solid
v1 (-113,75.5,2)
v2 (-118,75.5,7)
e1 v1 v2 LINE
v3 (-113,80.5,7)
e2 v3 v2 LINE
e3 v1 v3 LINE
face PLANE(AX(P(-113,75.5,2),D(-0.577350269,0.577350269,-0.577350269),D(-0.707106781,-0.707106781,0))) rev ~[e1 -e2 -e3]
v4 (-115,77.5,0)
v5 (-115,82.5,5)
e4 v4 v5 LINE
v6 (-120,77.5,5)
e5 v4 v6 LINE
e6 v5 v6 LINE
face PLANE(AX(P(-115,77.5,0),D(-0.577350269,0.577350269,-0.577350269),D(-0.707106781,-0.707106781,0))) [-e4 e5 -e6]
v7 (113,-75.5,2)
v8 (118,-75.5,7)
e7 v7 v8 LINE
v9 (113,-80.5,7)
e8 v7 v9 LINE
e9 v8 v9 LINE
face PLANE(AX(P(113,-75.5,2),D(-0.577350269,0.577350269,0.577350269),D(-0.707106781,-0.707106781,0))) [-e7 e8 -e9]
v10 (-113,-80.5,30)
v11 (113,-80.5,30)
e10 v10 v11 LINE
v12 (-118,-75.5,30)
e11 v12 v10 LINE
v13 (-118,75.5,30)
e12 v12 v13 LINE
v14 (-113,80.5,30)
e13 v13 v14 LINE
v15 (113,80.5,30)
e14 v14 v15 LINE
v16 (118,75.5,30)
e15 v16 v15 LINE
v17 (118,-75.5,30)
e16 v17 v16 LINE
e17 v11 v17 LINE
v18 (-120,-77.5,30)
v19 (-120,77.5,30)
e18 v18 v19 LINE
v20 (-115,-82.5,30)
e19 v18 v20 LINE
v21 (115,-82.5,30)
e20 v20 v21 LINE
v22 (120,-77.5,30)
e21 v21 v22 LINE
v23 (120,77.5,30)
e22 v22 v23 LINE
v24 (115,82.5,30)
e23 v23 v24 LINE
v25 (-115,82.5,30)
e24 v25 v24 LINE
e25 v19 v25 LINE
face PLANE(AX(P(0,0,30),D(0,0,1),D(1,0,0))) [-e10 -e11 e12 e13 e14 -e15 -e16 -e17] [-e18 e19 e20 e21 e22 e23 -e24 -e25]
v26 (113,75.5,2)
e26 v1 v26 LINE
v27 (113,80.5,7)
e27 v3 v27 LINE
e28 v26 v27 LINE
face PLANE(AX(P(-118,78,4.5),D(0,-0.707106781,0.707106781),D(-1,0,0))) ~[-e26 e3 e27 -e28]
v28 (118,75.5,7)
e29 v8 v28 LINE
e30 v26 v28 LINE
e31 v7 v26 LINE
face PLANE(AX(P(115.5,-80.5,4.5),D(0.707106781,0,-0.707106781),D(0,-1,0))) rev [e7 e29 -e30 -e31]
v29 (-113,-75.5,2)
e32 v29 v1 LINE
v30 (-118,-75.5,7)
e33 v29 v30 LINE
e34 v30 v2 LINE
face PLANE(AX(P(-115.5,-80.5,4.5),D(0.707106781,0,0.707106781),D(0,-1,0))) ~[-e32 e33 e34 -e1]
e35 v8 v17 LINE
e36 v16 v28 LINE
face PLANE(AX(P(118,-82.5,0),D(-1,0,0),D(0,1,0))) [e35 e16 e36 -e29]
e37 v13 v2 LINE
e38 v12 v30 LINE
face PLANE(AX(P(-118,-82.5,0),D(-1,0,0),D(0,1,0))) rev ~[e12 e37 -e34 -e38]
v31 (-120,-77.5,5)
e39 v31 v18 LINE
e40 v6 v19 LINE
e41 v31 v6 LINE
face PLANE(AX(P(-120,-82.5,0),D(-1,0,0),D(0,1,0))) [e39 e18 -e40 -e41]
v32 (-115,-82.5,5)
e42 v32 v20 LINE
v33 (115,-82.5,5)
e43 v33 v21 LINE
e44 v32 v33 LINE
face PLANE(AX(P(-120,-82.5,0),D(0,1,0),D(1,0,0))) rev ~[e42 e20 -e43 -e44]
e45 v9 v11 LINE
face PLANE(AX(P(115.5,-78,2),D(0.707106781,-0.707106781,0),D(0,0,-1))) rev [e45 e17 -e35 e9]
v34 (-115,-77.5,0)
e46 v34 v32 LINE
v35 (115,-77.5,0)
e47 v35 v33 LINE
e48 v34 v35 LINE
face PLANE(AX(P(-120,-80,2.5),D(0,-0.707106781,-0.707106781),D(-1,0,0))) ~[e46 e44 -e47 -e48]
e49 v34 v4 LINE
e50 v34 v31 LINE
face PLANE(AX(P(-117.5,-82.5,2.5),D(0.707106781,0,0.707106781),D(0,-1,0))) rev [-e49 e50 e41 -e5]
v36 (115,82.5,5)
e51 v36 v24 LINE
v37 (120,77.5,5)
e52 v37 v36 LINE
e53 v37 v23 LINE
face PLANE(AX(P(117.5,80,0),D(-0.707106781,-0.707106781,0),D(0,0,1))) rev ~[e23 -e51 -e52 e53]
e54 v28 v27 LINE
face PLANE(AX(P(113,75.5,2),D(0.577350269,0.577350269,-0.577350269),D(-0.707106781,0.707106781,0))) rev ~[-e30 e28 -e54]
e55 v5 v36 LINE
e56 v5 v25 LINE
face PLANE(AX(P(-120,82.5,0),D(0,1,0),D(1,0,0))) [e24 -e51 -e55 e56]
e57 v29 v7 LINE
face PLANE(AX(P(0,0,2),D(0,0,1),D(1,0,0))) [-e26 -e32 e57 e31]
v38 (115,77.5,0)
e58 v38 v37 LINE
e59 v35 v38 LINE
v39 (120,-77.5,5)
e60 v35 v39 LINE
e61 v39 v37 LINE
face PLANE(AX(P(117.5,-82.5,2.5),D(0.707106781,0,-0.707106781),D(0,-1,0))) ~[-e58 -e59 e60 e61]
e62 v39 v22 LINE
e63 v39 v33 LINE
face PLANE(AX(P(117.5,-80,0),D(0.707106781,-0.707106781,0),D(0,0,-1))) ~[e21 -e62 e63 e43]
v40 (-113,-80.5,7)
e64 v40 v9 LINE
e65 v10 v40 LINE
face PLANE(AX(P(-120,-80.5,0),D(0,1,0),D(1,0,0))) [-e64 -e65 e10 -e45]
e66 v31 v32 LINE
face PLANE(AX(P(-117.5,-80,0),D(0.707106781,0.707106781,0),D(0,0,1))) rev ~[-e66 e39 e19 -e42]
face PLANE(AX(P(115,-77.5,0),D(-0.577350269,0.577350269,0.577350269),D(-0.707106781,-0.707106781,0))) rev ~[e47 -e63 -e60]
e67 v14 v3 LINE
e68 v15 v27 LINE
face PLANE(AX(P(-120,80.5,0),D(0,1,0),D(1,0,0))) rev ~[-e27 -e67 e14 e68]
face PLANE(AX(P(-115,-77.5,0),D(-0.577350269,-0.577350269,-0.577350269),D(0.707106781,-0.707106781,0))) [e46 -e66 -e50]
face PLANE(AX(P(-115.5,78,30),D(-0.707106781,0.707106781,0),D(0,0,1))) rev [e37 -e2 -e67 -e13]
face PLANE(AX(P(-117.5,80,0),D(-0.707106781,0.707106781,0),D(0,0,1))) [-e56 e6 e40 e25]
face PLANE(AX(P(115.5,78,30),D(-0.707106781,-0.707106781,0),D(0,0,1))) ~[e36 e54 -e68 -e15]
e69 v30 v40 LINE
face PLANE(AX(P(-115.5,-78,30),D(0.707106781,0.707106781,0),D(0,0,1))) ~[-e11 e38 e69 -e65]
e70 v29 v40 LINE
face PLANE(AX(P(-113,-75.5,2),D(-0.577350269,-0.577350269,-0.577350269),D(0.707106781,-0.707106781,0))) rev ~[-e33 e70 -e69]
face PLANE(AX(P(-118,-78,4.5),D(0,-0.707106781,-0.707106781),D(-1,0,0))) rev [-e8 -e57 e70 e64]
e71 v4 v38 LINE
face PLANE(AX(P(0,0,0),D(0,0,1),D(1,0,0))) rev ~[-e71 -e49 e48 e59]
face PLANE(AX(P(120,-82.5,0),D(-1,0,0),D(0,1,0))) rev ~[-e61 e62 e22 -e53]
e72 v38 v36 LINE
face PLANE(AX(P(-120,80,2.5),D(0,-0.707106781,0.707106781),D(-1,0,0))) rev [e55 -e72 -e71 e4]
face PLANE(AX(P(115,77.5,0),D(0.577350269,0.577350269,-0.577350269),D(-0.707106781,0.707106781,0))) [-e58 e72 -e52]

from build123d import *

# Parameters (mm, degrees)
F0_W     = 240
F0_H     = 165
F1_DEPTH = 30
F2_T     = -2
F3_SIZE  = 5


with BuildPart() as f1:
    # F0 (on Top) → F1 (new body)
    with BuildSketch(Plane.XY):
        Rectangle(F0_W, F0_H)
    extrude(amount=F1_DEPTH)

    # F2
    f2_openings = [f1.faces().sort_by_distance(p)[0] for p in [
        (0, 0, 30),
    ]]
    offset(amount=F2_T, openings=f2_openings)

    # F3
    f3_edges = [f1.edges().sort_by_distance(p)[0] for p in [
        (-118, 80.5, 16),
        (118, 80.5, 16),
        (-118, -80.5, 16),
        (118, -80.5, 16),
        (120, -82.5, 15),
        (120, 82.5, 15),
        (-120, -82.5, 15),
        (-120, 82.5, 15),
        (120, 0, 0),
        (0, 82.5, 0),
        (-120, 0, 0),
        (0, -82.5, 0),
        (118, 0, 2),
        (0, 80.5, 2),
        (-118, 0, 2),
        (0, -80.5, 2),
    ]]
    chamfer(f3_edges, length=F3_SIZE)


solid = f1.part
